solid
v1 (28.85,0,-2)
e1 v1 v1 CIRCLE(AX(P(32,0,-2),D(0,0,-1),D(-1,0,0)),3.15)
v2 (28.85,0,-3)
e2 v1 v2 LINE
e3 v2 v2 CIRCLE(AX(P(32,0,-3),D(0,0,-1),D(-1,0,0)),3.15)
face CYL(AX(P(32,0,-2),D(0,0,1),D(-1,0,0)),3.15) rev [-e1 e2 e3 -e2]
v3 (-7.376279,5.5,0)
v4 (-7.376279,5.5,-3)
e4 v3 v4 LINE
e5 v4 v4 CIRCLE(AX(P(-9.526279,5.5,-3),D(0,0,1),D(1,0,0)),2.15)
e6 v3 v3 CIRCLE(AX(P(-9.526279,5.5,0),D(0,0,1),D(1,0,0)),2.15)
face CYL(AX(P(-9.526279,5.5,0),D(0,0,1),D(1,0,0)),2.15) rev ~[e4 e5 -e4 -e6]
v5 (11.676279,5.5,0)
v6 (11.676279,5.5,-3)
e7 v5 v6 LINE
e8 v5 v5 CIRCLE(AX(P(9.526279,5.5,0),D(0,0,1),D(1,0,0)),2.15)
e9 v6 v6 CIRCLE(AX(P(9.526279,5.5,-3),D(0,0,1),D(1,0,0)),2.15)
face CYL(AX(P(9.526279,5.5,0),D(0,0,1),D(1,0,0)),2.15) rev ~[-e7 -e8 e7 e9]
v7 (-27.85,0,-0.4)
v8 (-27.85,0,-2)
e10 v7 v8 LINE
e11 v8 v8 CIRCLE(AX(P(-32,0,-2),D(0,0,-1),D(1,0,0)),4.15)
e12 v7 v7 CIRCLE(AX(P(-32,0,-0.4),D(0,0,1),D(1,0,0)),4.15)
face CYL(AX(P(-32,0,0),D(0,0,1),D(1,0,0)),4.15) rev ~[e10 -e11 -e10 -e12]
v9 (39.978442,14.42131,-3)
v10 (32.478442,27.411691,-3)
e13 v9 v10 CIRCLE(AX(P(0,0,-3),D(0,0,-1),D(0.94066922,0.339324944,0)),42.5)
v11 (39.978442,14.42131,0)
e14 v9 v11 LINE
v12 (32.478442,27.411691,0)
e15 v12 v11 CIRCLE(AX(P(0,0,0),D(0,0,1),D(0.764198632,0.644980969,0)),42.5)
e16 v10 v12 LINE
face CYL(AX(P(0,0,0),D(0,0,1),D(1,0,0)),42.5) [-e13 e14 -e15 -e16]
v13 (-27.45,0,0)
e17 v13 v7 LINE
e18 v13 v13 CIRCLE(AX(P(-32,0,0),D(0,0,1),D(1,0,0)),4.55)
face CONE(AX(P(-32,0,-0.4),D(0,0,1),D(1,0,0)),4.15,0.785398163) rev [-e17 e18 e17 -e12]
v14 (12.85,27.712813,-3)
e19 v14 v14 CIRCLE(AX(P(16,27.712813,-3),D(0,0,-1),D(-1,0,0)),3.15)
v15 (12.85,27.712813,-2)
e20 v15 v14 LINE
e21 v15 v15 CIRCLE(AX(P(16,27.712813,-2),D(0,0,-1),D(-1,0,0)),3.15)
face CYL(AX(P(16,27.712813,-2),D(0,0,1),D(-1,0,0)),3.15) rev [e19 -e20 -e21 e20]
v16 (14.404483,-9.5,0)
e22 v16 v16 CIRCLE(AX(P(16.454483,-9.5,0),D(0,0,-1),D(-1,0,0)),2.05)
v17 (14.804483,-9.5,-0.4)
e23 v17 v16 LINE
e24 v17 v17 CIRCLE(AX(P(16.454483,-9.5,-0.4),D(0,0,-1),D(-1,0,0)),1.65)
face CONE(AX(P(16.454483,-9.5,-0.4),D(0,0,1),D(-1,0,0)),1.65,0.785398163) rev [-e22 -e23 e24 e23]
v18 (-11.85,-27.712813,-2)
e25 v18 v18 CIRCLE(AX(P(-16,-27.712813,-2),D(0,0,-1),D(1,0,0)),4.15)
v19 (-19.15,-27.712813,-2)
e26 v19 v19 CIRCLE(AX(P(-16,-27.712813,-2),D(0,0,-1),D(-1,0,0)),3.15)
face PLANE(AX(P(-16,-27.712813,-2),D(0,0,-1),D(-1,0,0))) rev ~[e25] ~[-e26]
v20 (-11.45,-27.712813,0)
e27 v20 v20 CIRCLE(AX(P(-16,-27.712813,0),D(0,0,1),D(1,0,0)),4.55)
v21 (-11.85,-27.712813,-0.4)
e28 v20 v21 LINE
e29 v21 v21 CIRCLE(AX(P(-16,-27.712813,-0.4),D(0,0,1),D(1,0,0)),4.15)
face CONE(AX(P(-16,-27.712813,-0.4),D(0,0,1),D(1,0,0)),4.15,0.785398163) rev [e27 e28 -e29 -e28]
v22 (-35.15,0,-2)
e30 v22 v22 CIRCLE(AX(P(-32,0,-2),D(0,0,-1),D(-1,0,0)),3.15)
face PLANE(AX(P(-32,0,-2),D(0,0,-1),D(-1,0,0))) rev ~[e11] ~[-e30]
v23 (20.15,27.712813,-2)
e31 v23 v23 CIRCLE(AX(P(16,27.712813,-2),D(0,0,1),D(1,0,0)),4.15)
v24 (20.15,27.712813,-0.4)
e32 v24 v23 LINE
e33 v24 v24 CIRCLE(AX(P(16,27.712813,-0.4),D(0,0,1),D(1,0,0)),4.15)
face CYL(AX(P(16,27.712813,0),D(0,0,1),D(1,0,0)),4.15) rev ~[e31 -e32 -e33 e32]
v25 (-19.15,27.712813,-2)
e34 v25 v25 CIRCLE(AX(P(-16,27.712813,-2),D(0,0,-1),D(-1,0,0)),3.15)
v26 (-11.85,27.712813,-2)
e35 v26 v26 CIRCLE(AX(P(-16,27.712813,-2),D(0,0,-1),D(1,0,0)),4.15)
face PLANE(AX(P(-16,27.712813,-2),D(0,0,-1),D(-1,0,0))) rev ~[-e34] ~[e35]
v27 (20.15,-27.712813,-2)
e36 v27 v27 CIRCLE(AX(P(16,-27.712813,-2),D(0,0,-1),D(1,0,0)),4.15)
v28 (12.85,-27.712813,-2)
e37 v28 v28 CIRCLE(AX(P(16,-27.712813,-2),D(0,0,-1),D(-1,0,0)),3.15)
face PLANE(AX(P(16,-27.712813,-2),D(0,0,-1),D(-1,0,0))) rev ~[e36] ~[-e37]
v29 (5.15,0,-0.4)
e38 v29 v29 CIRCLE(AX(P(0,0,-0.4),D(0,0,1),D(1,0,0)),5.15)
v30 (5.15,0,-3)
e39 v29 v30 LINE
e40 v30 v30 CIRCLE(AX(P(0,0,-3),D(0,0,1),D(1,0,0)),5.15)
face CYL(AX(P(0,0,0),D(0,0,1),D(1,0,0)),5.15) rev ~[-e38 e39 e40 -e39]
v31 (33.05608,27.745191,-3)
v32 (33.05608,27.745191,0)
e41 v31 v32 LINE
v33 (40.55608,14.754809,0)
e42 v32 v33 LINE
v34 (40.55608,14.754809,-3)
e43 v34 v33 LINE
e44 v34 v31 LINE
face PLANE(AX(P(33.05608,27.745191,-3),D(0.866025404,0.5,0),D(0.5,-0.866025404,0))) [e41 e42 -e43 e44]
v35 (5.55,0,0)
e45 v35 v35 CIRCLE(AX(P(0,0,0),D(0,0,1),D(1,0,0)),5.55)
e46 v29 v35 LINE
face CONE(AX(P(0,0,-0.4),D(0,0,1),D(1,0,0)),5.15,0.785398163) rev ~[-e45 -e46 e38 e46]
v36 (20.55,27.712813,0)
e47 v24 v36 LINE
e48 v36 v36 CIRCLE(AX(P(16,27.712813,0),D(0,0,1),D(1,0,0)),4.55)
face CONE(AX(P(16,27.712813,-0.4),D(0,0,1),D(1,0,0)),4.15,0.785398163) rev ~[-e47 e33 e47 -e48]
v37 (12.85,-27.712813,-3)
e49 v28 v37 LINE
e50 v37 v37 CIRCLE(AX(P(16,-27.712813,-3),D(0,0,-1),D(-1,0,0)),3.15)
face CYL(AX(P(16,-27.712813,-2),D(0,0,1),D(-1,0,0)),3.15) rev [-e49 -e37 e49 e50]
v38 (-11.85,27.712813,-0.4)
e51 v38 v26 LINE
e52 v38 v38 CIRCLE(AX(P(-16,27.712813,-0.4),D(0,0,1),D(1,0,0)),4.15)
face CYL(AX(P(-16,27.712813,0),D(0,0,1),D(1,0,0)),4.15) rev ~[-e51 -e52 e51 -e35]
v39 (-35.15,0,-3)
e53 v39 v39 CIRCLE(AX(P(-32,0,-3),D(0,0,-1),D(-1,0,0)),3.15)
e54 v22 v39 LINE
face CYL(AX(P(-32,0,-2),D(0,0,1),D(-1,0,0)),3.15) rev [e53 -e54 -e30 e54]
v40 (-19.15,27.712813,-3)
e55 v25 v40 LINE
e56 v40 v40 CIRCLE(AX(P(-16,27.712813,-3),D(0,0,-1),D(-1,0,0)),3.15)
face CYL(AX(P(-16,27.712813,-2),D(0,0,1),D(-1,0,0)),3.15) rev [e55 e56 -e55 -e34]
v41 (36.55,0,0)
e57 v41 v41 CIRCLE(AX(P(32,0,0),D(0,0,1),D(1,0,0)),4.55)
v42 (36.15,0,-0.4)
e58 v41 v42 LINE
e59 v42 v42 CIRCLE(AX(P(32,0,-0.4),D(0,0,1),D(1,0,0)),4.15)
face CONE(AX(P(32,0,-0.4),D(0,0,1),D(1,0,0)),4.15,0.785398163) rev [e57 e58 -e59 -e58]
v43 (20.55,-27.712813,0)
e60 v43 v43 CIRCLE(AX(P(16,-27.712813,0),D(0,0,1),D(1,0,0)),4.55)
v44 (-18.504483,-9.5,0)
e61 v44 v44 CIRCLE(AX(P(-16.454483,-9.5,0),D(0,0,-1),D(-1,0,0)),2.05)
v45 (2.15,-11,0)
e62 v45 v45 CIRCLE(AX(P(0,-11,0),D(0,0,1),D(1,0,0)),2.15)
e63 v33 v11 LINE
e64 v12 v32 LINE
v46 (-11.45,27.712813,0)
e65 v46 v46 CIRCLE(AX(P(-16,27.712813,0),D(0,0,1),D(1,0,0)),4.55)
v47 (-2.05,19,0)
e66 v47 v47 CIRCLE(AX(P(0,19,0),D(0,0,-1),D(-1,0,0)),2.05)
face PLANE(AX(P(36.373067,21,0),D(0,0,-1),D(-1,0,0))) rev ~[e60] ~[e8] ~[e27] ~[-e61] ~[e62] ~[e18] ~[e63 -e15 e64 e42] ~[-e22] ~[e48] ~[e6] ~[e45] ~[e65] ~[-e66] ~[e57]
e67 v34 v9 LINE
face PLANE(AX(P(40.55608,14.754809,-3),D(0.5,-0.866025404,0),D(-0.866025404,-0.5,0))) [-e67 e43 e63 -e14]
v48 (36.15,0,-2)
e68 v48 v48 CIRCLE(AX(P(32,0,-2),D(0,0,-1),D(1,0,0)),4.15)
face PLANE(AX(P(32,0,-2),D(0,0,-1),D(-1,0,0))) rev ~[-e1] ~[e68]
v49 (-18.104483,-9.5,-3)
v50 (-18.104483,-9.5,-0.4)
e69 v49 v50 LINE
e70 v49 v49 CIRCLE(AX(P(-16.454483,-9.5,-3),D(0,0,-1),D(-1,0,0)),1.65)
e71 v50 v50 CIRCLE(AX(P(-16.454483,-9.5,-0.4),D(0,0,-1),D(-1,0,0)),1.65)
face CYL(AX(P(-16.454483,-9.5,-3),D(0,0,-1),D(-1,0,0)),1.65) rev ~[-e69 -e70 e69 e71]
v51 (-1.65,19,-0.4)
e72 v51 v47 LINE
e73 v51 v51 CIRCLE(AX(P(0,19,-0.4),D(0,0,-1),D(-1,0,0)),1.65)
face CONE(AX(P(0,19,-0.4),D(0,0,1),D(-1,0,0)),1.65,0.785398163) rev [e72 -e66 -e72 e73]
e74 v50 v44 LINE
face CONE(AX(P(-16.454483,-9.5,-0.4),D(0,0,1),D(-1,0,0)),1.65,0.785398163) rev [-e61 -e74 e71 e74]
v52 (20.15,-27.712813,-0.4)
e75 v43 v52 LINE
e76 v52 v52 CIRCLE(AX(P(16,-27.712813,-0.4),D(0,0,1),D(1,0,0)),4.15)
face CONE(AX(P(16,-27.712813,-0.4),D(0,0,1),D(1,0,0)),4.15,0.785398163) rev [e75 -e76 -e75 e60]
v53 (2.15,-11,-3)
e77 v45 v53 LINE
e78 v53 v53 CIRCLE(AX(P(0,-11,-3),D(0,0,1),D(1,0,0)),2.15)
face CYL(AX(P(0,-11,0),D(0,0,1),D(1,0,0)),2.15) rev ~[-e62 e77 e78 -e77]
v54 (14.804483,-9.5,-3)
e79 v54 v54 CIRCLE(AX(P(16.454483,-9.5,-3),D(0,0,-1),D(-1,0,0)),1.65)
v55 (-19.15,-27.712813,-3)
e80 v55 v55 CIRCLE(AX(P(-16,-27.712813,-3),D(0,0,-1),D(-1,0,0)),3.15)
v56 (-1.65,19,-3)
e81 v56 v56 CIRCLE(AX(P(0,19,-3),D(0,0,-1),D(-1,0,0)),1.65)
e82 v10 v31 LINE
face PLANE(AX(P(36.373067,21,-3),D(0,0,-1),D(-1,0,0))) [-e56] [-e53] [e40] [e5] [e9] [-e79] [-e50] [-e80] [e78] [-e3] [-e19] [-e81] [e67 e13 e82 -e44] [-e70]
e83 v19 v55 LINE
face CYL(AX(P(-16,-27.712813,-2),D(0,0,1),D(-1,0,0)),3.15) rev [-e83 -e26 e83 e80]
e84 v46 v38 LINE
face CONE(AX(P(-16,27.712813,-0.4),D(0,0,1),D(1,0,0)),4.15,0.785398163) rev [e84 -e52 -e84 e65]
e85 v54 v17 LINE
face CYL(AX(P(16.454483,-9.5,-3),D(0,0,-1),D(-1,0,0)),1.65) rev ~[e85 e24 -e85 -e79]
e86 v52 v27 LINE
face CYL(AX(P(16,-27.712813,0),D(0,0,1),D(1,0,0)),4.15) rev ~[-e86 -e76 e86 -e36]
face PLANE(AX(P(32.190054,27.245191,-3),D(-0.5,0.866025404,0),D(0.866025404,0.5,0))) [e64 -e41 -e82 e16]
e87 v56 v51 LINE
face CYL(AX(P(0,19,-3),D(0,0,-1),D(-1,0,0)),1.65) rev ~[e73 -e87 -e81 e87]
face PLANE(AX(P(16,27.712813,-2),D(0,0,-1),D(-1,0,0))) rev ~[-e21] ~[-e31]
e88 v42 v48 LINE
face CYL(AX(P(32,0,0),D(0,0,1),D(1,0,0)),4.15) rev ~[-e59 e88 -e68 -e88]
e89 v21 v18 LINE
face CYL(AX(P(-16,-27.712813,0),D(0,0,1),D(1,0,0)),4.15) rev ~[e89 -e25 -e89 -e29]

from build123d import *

# Parameters (mm, degrees)
SKETCH_1_R          = 42.5
EXTRUDE_1_DEPTH     = 3
SKETCH_2_R          = 4.15
CUT_EXTRUDE_1_DEPTH = 61.178899957
SKETCH_3_R          = 5.15
CUT_EXTRUDE_2_DEPTH = 61.178899957
EXTRUDE_START       = -1
SKETCH_4_R          = 4.15
SKETCH_4_R_2        = 3.15
EXTRUDE_1_2_DEPTH   = 1
CUT_EXTRUDE_3_REACH = 62.179
SKETCH_5_R          = 1.65
CUT_EXTRUDE_4_REACH = 62.179
SKETCH_7_R          = 2.15
CHAMFER_2_SIZE      = 0.4
EXTRUDE_START_2     = -3
EXTRUDE_3_DEPTH     = 3


with BuildPart() as part:
    # 草图1 → Extrude 1 (new body)
    with BuildSketch(Plane.XY):
        Circle(SKETCH_1_R)
    extrude(amount=-EXTRUDE_1_DEPTH)

    # 草图2 → 切除-拉伸1 (cut, through all)
    with BuildSketch(Plane.XY):
        with Locations((-32, 0)):
            Circle(SKETCH_2_R)
        with Locations((-16, 27.712812921)):
            Circle(SKETCH_2_R)
        with Locations((16, 27.712812921)):
            Circle(SKETCH_2_R)
        with Locations((32, 0)):
            Circle(SKETCH_2_R)
        with Locations((16, -27.712812921)):
            Circle(SKETCH_2_R)
        with Locations((-16, -27.712812921)):
            Circle(SKETCH_2_R)
    extrude(amount=-CUT_EXTRUDE_1_DEPTH, mode=Mode.SUBTRACT)

    # 草图3 → 切除-拉伸2 (cut, through all)
    with BuildSketch(Plane.XY):
        Circle(SKETCH_3_R)
    extrude(amount=-CUT_EXTRUDE_2_DEPTH, mode=Mode.SUBTRACT)

    # 草图4 → Extrude 1 2 (add)
    # profile 1 of 6: a face of its own
    with BuildSketch(Plane(origin=(0, 0, -3), x_dir=(-1, 0, 0), z_dir=(0, 0, -1)).offset(EXTRUDE_START)):
        with Locations((-16, 27.712812921)):
            Circle(SKETCH_4_R)
        with Locations((-16, 27.712812921)):
            Circle(SKETCH_4_R_2, mode=Mode.SUBTRACT)
    # profile 2 of 6: a face of its own
    with BuildSketch(Plane(origin=(0, 0, -3), x_dir=(-1, 0, 0), z_dir=(0, 0, -1)).offset(EXTRUDE_START)):
        with Locations((16, 27.712812921)):
            Circle(SKETCH_4_R)
        with Locations((16, 27.712812921)):
            Circle(SKETCH_4_R_2, mode=Mode.SUBTRACT)
    # profile 3 of 6: a face of its own
    with BuildSketch(Plane(origin=(0, 0, -3), x_dir=(-1, 0, 0), z_dir=(0, 0, -1)).offset(EXTRUDE_START)):
        with Locations((32, 0)):
            Circle(SKETCH_4_R)
        with Locations((32, 0)):
            Circle(SKETCH_4_R_2, mode=Mode.SUBTRACT)
    # profile 4 of 6: a face of its own
    with BuildSketch(Plane(origin=(0, 0, -3), x_dir=(-1, 0, 0), z_dir=(0, 0, -1)).offset(EXTRUDE_START)):
        with Locations((16, -27.712812921)):
            Circle(SKETCH_4_R)
        with Locations((16, -27.712812921)):
            Circle(SKETCH_4_R_2, mode=Mode.SUBTRACT)
    # profile 5 of 6: a face of its own
    with BuildSketch(Plane(origin=(0, 0, -3), x_dir=(-1, 0, 0), z_dir=(0, 0, -1)).offset(EXTRUDE_START)):
        with Locations((-16, -27.712812921)):
            Circle(SKETCH_4_R)
        with Locations((-16, -27.712812921)):
            Circle(SKETCH_4_R_2, mode=Mode.SUBTRACT)
    # profile 6 of 6: a face of its own
    with BuildSketch(Plane(origin=(0, 0, -3), x_dir=(-1, 0, 0), z_dir=(0, 0, -1)).offset(EXTRUDE_START)):
        with Locations((-32, 0)):
            Circle(SKETCH_4_R)
        with Locations((-32, 0)):
            Circle(SKETCH_4_R_2, mode=Mode.SUBTRACT)
    extrude(amount=EXTRUDE_1_2_DEPTH)

    # 草图5 → 切除-拉伸3 (cut, up to next)
    with BuildSketch(Plane(origin=(0, 0, -3), x_dir=(-1, 0, 0), z_dir=(0, 0, -1)), mode=Mode.PRIVATE) as cut_extrude_3_sk1:
        with Locations((-16.454482672, -9.5)):
            Circle(SKETCH_5_R)
    cut_extrude_3_tool1 = extrude(cut_extrude_3_sk1.sketch, amount=-CUT_EXTRUDE_3_REACH, mode=Mode.PRIVATE) & part.part
    # 草图5 → 切除-拉伸3 (cut, up to next)
    with BuildSketch(Plane(origin=(0, 0, -3), x_dir=(-1, 0, 0), z_dir=(0, 0, -1)), mode=Mode.PRIVATE) as cut_extrude_3_sk2:
        with Locations((0, 19)):
            Circle(SKETCH_5_R)
    cut_extrude_3_tool2 = extrude(cut_extrude_3_sk2.sketch, amount=-CUT_EXTRUDE_3_REACH, mode=Mode.PRIVATE) & part.part
    # 草图5 → 切除-拉伸3 (cut, up to next)
    with BuildSketch(Plane(origin=(0, 0, -3), x_dir=(-1, 0, 0), z_dir=(0, 0, -1)), mode=Mode.PRIVATE) as cut_extrude_3_sk3:
        with Locations((16.454482672, -9.5)):
            Circle(SKETCH_5_R)
    cut_extrude_3_tool3 = extrude(cut_extrude_3_sk3.sketch, amount=-CUT_EXTRUDE_3_REACH, mode=Mode.PRIVATE) & part.part
    add(cut_extrude_3_tool1.solids().sort_by_distance((16.454483, -9.5, -3))[0], mode=Mode.SUBTRACT)
    add(cut_extrude_3_tool2.solids().sort_by_distance((0, 19, -3))[0], mode=Mode.SUBTRACT)
    add(cut_extrude_3_tool3.solids().sort_by_distance((-16.454483, -9.5, -3))[0], mode=Mode.SUBTRACT)

    # 草图7 → 切除-拉伸4 (cut, up to next)
    with BuildSketch(Plane.XY, mode=Mode.PRIVATE) as cut_extrude_4_sk1:
        with Locations((9.526279442, 5.5)):
            Circle(SKETCH_7_R)
    cut_extrude_4_tool1 = extrude(cut_extrude_4_sk1.sketch, amount=-CUT_EXTRUDE_4_REACH, mode=Mode.PRIVATE) & part.part
    # 草图7 → 切除-拉伸4 (cut, up to next)
    with BuildSketch(Plane.XY, mode=Mode.PRIVATE) as cut_extrude_4_sk2:
        with Locations((0, -11)):
            Circle(SKETCH_7_R)
    cut_extrude_4_tool2 = extrude(cut_extrude_4_sk2.sketch, amount=-CUT_EXTRUDE_4_REACH, mode=Mode.PRIVATE) & part.part
    # 草图7 → 切除-拉伸4 (cut, up to next)
    with BuildSketch(Plane.XY, mode=Mode.PRIVATE) as cut_extrude_4_sk3:
        with Locations((-9.526279442, 5.5)):
            Circle(SKETCH_7_R)
    cut_extrude_4_tool3 = extrude(cut_extrude_4_sk3.sketch, amount=-CUT_EXTRUDE_4_REACH, mode=Mode.PRIVATE) & part.part
    add(cut_extrude_4_tool1.solids().sort_by_distance((9.526279, 5.5, 0))[0], mode=Mode.SUBTRACT)
    add(cut_extrude_4_tool2.solids().sort_by_distance((0, -11, 0))[0], mode=Mode.SUBTRACT)
    add(cut_extrude_4_tool3.solids().sort_by_distance((-9.526279, 5.5, 0))[0], mode=Mode.SUBTRACT)

    # 倒角2
    chamfer_2_edges = [part.edges().sort_by_distance(p)[0] for p in [
        (-36.15, 0, 0),
        (-20.15, -27.712812921, 0),
        (11.85, -27.712812921, 0),
        (27.85, 0, 0),
        (11.85, 27.712812921, 0),
        (-20.15, 27.712812921, 0),
        (-5.15, 0, 0),
        (18.104482672, -9.5, 0),
        (1.65, 19, 0),
        (-14.804482672, -9.5, 0),
    ]]
    chamfer(chamfer_2_edges, length=CHAMFER_2_SIZE)

    # 草图8 → 拉伸-薄壁3 (add)
    with BuildSketch(Plane.XY.offset(EXTRUDE_START_2)):
        Polygon((33.056079661, 27.745190528), (40.556079661, 14.754809472), (39.690054257, 14.254809472), (32.190054257, 27.245190528), align=None)
    extrude(amount=EXTRUDE_3_DEPTH)


solid = part.part
